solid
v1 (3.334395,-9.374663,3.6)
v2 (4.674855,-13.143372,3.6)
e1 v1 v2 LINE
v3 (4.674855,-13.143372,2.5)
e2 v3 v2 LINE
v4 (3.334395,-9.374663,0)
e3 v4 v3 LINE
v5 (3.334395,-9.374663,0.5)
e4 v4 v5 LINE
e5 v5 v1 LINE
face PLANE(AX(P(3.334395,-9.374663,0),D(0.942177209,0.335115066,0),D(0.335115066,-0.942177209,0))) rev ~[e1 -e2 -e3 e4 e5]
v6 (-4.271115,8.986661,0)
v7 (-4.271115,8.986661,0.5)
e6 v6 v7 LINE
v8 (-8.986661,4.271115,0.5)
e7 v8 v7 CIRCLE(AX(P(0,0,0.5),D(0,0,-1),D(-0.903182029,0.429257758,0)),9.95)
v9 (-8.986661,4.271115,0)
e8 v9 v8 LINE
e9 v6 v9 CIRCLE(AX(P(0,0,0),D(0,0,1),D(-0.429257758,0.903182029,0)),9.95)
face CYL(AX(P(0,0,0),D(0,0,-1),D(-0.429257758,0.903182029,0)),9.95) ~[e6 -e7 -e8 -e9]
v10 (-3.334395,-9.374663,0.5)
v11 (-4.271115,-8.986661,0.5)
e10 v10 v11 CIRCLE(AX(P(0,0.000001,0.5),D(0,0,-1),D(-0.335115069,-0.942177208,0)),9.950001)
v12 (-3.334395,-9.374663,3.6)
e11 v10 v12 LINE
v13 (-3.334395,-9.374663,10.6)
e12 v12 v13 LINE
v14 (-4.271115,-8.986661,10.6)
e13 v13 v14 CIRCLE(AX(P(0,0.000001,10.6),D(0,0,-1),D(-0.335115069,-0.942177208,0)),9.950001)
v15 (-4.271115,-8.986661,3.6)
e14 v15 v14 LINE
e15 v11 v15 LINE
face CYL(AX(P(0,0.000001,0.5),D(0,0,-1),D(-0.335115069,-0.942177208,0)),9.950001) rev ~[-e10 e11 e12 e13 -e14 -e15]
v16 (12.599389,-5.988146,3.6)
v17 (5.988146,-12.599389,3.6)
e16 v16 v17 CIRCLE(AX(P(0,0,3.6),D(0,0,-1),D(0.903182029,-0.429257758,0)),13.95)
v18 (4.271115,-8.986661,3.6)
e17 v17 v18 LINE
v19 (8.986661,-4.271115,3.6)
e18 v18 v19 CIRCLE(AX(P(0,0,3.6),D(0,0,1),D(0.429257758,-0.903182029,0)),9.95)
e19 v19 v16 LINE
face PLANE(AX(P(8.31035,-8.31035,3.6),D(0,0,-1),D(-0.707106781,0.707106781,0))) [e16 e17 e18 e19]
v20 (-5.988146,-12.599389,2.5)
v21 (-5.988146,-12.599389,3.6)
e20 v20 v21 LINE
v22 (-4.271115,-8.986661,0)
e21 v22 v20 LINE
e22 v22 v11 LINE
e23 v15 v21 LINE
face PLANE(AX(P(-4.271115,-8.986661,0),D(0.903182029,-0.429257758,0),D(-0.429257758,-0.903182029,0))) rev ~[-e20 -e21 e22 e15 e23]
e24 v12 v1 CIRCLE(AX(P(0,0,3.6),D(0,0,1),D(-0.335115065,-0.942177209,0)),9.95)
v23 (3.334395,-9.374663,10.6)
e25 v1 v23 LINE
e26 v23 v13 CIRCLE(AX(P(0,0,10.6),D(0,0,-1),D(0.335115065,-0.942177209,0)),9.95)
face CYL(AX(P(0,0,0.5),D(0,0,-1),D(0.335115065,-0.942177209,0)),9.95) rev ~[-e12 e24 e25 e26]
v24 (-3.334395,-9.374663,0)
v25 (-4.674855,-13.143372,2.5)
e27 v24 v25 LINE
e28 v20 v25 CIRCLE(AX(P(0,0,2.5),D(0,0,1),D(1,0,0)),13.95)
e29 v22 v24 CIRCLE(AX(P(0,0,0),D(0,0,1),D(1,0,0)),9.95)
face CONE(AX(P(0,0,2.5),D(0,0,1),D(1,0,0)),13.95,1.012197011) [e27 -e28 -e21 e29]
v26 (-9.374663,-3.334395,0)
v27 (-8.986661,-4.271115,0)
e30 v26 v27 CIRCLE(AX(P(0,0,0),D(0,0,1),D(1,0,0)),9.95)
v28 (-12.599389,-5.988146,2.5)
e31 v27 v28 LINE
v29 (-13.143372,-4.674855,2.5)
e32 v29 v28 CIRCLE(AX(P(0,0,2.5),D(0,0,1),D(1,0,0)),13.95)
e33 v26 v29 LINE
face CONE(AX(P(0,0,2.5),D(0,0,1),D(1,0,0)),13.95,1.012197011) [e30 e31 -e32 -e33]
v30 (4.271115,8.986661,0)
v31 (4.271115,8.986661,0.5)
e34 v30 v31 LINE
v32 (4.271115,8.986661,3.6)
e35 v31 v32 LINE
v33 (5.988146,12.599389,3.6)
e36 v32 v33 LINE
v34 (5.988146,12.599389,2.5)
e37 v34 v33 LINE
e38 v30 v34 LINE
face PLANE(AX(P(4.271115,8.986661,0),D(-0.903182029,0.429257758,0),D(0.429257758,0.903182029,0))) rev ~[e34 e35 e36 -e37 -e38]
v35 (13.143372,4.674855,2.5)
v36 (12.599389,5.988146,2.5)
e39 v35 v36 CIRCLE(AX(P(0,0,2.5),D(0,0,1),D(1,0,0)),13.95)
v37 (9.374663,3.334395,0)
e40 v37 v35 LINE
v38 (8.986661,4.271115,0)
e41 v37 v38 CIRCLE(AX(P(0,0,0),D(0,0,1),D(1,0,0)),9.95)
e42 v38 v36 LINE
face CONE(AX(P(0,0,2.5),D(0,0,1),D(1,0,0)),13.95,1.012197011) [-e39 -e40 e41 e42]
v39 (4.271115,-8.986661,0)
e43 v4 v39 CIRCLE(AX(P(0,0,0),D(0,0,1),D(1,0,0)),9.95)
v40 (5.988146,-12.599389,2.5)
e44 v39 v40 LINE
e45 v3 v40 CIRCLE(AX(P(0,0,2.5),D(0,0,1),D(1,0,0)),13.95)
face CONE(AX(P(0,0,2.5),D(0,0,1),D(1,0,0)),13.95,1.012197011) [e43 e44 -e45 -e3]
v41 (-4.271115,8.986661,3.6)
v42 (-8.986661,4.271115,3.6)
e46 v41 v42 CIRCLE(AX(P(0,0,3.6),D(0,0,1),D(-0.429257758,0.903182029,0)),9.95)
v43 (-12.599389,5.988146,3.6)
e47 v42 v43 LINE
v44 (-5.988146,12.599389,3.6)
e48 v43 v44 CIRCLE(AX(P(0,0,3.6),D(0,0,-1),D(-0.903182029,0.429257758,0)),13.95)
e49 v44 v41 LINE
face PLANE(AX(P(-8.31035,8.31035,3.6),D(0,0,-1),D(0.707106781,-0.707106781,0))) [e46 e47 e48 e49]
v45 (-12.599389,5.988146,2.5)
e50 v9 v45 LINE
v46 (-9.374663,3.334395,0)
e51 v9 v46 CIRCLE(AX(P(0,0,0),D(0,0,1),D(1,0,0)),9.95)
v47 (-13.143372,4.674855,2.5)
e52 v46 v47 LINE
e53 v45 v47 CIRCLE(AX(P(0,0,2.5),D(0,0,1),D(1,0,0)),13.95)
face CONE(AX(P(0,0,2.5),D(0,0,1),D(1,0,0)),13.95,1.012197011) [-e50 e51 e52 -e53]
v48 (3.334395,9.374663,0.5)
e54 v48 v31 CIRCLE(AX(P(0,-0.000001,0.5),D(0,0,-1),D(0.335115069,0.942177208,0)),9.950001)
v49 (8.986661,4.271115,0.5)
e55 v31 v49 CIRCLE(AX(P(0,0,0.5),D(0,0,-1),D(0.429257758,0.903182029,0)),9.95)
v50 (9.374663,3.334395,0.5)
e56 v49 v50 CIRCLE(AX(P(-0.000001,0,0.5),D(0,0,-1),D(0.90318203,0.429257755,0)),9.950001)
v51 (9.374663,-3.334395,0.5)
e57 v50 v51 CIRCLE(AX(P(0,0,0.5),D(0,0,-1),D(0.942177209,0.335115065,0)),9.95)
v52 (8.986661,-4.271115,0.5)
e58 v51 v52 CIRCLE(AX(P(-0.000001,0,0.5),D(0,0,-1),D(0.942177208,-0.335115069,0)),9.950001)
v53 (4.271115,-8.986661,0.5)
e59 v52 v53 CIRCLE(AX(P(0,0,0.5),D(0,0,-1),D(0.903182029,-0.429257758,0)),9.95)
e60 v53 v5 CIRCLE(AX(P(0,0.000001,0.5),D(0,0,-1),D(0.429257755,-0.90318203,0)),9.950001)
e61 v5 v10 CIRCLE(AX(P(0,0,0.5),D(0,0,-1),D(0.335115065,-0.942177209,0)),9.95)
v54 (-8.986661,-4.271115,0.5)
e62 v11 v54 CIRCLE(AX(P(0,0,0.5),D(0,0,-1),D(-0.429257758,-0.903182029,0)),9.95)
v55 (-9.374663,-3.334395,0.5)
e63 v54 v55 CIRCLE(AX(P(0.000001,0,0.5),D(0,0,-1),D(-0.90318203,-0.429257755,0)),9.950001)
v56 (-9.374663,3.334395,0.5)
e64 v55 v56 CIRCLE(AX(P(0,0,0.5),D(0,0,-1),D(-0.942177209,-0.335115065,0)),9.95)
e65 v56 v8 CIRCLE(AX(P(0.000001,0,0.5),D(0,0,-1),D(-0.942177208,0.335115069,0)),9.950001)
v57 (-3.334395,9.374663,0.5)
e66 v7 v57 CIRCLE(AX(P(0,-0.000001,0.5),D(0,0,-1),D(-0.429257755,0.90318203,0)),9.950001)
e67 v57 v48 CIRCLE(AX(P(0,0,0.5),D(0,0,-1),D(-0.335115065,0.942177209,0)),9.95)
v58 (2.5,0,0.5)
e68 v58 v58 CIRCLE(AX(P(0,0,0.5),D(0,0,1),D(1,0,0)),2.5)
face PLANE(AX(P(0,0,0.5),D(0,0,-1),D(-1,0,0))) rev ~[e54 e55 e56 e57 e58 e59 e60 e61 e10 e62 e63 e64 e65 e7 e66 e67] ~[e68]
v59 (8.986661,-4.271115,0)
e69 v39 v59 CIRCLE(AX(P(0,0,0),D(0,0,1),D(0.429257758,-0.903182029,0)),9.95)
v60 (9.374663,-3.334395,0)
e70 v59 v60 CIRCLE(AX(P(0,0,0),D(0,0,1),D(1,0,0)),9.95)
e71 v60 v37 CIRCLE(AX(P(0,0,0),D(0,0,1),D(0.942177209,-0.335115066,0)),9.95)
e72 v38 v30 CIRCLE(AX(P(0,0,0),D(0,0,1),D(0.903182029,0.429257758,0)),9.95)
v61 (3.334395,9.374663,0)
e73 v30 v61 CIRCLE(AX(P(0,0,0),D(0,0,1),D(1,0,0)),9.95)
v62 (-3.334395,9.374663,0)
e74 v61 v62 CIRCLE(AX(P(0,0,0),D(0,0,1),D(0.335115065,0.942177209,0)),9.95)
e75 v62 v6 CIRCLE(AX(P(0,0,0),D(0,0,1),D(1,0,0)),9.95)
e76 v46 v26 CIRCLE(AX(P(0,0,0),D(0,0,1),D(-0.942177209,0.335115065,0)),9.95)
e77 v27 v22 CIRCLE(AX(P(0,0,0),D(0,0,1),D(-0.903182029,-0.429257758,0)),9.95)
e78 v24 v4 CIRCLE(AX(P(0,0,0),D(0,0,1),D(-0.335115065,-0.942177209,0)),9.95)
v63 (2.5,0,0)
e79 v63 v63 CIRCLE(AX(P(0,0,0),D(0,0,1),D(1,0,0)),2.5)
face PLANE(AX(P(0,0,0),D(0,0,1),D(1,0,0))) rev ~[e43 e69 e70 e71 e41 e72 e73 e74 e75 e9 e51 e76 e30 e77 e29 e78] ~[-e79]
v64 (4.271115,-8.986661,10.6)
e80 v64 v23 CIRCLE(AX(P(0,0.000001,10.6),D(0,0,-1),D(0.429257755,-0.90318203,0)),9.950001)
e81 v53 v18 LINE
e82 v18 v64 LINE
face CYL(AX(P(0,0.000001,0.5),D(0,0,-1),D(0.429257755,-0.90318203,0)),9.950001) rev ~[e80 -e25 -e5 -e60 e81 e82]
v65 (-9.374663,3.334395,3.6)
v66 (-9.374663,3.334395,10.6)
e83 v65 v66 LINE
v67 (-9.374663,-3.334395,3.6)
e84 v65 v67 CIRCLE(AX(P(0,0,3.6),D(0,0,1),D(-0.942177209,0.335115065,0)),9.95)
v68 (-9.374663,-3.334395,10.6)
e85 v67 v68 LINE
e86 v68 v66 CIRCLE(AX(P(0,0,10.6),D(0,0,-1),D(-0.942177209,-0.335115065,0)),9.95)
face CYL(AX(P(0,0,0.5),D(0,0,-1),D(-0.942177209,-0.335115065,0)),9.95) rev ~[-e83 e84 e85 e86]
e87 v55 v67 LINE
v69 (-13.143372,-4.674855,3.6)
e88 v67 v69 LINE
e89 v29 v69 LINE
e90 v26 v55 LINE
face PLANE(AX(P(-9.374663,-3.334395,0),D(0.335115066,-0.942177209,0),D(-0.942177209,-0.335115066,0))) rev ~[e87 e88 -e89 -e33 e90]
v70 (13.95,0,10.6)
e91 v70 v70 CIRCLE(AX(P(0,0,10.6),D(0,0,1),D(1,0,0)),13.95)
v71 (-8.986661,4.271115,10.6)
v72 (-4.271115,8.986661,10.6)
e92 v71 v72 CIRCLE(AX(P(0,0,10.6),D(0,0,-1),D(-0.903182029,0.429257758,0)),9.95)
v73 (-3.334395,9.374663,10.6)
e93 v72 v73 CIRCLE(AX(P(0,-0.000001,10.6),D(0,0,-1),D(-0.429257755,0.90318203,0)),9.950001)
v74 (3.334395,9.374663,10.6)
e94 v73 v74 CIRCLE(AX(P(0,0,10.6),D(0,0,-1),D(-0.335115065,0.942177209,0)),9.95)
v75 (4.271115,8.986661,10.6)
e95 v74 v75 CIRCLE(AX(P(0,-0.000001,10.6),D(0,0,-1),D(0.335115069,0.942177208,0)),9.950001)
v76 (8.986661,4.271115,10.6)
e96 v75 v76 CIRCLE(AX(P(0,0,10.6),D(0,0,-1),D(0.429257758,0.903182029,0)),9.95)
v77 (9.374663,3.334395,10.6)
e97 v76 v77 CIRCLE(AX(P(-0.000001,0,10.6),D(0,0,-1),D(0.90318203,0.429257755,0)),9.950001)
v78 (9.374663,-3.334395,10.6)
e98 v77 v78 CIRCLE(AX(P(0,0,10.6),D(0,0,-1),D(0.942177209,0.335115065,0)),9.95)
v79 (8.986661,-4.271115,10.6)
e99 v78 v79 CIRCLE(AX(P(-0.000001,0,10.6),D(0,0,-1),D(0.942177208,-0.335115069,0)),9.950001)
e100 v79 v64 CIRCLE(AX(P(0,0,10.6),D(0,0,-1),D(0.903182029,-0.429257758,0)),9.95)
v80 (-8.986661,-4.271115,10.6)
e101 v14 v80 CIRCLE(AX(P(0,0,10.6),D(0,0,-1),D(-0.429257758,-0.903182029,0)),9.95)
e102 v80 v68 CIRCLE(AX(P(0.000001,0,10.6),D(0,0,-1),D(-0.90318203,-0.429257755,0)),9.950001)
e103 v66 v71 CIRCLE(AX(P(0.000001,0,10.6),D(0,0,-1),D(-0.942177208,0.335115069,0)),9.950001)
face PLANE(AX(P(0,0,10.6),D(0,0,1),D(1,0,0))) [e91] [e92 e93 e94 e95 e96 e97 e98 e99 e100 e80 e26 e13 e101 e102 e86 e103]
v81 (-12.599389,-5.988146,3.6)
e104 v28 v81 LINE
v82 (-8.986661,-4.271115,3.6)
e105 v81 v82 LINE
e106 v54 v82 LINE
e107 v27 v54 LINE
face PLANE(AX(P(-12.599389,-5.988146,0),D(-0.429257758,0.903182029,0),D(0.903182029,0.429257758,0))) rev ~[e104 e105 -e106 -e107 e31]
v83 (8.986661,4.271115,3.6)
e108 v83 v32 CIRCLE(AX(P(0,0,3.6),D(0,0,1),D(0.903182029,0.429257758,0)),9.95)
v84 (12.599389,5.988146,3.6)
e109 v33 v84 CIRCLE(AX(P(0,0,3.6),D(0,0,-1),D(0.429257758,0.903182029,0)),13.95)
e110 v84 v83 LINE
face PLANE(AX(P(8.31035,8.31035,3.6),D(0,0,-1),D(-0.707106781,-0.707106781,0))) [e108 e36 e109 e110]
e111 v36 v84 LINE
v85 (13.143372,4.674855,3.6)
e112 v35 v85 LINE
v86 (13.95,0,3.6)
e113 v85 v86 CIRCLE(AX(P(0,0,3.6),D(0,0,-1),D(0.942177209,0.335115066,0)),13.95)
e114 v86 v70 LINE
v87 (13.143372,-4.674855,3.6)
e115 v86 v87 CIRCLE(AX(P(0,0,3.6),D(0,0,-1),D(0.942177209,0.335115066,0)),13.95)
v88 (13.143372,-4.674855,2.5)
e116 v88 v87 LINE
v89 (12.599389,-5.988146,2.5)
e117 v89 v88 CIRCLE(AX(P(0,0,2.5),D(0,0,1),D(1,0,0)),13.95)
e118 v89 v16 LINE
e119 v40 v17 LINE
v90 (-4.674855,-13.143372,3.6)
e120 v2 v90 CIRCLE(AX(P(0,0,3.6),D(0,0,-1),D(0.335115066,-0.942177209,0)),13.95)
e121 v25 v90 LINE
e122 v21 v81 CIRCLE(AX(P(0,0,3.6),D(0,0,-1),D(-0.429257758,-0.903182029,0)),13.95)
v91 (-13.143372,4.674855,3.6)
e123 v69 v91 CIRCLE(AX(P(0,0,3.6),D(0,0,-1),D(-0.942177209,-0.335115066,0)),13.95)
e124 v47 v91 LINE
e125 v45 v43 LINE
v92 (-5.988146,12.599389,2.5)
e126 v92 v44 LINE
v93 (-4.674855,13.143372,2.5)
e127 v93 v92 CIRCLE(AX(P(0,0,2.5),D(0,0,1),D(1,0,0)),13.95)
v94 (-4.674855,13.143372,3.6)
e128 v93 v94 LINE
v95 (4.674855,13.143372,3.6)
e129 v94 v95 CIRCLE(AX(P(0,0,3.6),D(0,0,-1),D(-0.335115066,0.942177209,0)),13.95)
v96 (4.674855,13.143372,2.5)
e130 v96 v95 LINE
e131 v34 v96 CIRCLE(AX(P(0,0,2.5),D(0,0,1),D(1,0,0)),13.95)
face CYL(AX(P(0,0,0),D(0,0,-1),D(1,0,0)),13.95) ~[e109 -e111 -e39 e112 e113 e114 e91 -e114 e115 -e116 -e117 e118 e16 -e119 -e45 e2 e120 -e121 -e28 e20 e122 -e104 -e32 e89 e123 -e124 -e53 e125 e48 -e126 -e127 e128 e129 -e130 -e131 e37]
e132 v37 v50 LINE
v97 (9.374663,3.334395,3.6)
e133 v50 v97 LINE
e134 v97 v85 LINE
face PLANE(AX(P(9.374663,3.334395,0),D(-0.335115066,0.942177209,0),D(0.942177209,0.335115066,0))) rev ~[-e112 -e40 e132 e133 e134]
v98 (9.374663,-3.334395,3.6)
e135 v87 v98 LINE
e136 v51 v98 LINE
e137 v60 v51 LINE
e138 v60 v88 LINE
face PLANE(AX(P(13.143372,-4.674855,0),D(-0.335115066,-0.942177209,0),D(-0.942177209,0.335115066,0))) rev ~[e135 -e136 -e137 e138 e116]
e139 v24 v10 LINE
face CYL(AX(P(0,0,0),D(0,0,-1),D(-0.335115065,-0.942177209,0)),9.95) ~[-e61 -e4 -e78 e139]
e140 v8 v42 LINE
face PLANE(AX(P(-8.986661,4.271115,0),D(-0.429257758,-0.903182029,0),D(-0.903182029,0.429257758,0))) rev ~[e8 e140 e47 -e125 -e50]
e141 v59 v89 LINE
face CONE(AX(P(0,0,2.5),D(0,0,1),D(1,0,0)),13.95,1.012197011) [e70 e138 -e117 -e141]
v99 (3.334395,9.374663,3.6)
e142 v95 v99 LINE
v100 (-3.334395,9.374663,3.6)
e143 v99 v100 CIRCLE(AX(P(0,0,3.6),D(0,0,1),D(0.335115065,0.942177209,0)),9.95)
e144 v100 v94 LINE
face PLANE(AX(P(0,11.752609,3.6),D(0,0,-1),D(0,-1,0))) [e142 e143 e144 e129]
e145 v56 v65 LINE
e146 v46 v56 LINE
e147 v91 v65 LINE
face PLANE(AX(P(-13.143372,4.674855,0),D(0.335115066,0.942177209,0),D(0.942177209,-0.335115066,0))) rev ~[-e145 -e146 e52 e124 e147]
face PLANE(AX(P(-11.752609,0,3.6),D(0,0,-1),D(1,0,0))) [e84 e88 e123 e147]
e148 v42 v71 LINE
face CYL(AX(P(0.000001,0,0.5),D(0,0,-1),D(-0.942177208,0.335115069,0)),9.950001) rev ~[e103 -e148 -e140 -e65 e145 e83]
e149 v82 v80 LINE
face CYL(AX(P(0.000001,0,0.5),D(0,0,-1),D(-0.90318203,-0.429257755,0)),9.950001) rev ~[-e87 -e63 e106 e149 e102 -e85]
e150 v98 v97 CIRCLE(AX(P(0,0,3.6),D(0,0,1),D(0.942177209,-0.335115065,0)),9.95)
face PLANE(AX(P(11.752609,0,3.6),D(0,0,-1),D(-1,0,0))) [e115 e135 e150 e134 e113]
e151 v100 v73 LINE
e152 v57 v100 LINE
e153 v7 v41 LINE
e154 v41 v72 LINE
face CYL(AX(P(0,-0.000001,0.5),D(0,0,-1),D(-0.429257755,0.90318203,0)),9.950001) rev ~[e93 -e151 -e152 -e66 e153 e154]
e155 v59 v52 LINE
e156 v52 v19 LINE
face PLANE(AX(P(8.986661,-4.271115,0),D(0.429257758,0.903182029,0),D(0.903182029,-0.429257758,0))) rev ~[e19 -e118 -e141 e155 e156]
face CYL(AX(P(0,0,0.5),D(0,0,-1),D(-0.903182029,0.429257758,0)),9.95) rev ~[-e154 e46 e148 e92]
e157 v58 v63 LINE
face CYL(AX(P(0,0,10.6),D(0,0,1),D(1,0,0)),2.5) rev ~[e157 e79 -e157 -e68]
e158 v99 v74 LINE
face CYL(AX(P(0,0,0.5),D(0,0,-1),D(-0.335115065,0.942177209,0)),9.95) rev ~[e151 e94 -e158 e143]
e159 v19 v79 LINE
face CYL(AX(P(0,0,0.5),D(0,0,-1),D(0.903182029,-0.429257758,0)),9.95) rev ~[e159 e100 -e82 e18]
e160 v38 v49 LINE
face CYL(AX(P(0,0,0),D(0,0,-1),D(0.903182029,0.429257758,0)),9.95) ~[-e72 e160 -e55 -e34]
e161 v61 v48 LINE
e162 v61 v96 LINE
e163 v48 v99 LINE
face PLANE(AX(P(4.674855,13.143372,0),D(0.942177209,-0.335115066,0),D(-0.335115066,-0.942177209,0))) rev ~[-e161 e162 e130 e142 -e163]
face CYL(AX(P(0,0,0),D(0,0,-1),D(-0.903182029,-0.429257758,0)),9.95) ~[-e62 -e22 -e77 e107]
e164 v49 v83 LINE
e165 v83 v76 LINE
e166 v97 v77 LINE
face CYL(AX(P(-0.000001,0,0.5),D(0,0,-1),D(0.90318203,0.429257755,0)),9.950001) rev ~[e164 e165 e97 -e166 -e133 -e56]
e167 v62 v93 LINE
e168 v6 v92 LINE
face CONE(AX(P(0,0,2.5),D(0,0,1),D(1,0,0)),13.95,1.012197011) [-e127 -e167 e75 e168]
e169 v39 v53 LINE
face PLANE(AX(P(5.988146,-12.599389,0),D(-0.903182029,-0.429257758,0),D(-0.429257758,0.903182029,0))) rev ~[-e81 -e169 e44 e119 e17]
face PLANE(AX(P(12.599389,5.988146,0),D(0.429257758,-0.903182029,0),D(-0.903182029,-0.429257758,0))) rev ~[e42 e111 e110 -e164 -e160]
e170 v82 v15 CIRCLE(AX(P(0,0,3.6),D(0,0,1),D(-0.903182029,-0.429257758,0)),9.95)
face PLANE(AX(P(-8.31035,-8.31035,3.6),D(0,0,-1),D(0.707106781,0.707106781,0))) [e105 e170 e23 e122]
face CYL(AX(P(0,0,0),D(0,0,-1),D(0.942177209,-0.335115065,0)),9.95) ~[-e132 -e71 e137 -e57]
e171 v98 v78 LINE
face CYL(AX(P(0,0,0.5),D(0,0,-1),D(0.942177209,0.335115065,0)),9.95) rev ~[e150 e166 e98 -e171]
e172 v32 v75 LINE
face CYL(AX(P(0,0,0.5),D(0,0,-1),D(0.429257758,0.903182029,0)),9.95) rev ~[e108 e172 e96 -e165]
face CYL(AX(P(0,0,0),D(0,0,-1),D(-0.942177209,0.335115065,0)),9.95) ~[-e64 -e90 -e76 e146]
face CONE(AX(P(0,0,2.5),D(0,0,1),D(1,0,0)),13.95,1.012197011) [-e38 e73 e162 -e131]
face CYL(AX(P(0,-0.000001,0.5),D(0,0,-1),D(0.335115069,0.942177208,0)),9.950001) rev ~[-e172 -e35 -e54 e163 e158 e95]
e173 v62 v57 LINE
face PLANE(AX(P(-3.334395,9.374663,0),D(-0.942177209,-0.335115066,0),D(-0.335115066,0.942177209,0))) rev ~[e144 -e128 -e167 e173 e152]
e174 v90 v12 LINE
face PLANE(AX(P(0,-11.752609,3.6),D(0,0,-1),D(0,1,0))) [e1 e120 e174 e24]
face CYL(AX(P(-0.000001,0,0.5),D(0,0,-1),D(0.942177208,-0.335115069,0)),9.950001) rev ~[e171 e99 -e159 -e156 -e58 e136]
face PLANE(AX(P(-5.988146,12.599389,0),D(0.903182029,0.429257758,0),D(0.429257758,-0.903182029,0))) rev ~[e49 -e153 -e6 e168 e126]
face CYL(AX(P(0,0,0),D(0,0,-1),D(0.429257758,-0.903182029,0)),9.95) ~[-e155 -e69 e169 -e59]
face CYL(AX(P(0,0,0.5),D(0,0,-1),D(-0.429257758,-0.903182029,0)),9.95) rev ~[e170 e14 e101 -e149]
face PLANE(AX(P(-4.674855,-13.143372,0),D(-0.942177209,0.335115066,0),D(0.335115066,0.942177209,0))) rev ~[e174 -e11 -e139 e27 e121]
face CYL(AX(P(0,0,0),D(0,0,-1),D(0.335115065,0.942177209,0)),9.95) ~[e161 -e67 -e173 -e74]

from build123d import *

# Parameters (mm, degrees)
IZIM1_R                     = 13.95
Y_KSEKLIK_EKSTR_ZYON1_DEPTH = 10.6
PAH1_SIZE                   = 4
PAH1_SIZE2                  = 2.5
IZIM3_R                     = 2.5
KES_EKSTR_ZYON1_DEPTH       = 10.6
KES_EKSTR_ZYON2_DEPTH       = 3.6
DAIRESEL_KAPLAMA1_COUNT     = 8
KES_EKSTR_ZYON3_DEPTH       = 10.1


with BuildPart() as part:
    # Çizim1 → Yükseklik-Ekstrüzyon1 (new body)
    with BuildSketch(Plane.XY):
        Circle(IZIM1_R)
    extrude(amount=Y_KSEKLIK_EKSTR_ZYON1_DEPTH)

    # Pah1
    pah1_edges = [part.edges().sort_by_distance(p)[0] for p in [
        (-13.95, 0, 0),
    ]]
    pah1_side = [part.faces().sort_by_distance(p)[0] for p in [
        (0, 0, 0),
    ]]
    chamfer(pah1_edges, length=PAH1_SIZE, length2=PAH1_SIZE2, reference=pah1_side[0])

    # Çizim3 → Kes-Ekstrüzyon1 (cut)
    with BuildSketch(Plane.XY.offset(10.6)):
        Circle(IZIM3_R)
    extrude(amount=-KES_EKSTR_ZYON1_DEPTH, mode=Mode.SUBTRACT)

    # Çizim5 → Kes-Ekstrüzyon2 (cut)
    with BuildSketch(Plane(origin=(0, 0, 0), x_dir=(-1, 0, 0), z_dir=(0, 0, -1))):
        with BuildLine():
            Line((-9.374663228, 3.334394903), (-13.143372063, 4.674855165))
            ThreePointArc((-13.143372063, 4.674855165), (-13.95, 0), (-13.143372063, -4.674855165))
            Line((-13.143372063, -4.674855165), (-9.374663228, -3.334394903))
            ThreePointArc((-9.374663228, -3.334394903), (-9.95, 0), (-9.374663228, 3.334394903))
        make_face()
    kes_ekstr_zyon2 = extrude(amount=-KES_EKSTR_ZYON2_DEPTH, mode=Mode.SUBTRACT)

    # Dairesel Kaplama1: Kes-Ekstrüzyon2 ×8 about axis
    dairesel_kaplama1_axis = Axis((0, 0, 0), (0, 0, 1))
    for i in range(1, DAIRESEL_KAPLAMA1_COUNT):
        add(kes_ekstr_zyon2.rotate(dairesel_kaplama1_axis, i * 360 / DAIRESEL_KAPLAMA1_COUNT), mode=Mode.SUBTRACT)

    # Çizim8 → Kes-Ekstrüzyon3 (cut)
    with BuildSketch(Plane(origin=(0, 0, 0.5), x_dir=(-1, 0, 0), z_dir=(0, 0, -1))):
        with BuildLine():
            ThreePointArc((-9.374663228, -3.334394903), (-9.192601348, -3.807700152), (-8.986661187, -4.271114693))
            ThreePointArc((-8.986661187, -4.271114693), (-7.035712473, -7.035712473), (-4.271114693, -8.986661187))
            ThreePointArc((-4.271114693, -8.986661187), (-3.807700152, -9.192601348), (-3.334394903, -9.374663228))
            ThreePointArc((-3.334394903, -9.374663228), (0, -9.95), (3.334394903, -9.374663228))
            ThreePointArc((3.334394903, -9.374663228), (3.807700152, -9.192601348), (4.271114693, -8.986661187))
            ThreePointArc((4.271114693, -8.986661187), (7.035712473, -7.035712473), (8.986661187, -4.271114693))
            ThreePointArc((8.986661187, -4.271114693), (9.192601348, -3.807700152), (9.374663228, -3.334394903))
            ThreePointArc((9.374663228, -3.334394903), (9.95, 0), (9.374663228, 3.334394903))
            ThreePointArc((9.374663228, 3.334394903), (9.192601348, 3.807700152), (8.986661187, 4.271114693))
            ThreePointArc((8.986661187, 4.271114693), (7.035712473, 7.035712473), (4.271114693, 8.986661187))
            ThreePointArc((4.271114693, 8.986661187), (3.807700152, 9.192601348), (3.334394903, 9.374663228))
            ThreePointArc((3.334394903, 9.374663228), (0, 9.95), (-3.334394903, 9.374663228))
            ThreePointArc((-3.334394903, 9.374663228), (-3.807700152, 9.192601348), (-4.271114693, 8.986661187))
            ThreePointArc((-4.271114693, 8.986661187), (-7.035712473, 7.035712473), (-8.986661187, 4.271114693))
            ThreePointArc((-8.986661187, 4.271114693), (-9.192601348, 3.807700152), (-9.374663228, 3.334394903))
            ThreePointArc((-9.374663228, 3.334394903), (-9.95, 0), (-9.374663228, -3.334394903))
        make_face()
    extrude(amount=-KES_EKSTR_ZYON3_DEPTH, mode=Mode.SUBTRACT)


solid = part.part
